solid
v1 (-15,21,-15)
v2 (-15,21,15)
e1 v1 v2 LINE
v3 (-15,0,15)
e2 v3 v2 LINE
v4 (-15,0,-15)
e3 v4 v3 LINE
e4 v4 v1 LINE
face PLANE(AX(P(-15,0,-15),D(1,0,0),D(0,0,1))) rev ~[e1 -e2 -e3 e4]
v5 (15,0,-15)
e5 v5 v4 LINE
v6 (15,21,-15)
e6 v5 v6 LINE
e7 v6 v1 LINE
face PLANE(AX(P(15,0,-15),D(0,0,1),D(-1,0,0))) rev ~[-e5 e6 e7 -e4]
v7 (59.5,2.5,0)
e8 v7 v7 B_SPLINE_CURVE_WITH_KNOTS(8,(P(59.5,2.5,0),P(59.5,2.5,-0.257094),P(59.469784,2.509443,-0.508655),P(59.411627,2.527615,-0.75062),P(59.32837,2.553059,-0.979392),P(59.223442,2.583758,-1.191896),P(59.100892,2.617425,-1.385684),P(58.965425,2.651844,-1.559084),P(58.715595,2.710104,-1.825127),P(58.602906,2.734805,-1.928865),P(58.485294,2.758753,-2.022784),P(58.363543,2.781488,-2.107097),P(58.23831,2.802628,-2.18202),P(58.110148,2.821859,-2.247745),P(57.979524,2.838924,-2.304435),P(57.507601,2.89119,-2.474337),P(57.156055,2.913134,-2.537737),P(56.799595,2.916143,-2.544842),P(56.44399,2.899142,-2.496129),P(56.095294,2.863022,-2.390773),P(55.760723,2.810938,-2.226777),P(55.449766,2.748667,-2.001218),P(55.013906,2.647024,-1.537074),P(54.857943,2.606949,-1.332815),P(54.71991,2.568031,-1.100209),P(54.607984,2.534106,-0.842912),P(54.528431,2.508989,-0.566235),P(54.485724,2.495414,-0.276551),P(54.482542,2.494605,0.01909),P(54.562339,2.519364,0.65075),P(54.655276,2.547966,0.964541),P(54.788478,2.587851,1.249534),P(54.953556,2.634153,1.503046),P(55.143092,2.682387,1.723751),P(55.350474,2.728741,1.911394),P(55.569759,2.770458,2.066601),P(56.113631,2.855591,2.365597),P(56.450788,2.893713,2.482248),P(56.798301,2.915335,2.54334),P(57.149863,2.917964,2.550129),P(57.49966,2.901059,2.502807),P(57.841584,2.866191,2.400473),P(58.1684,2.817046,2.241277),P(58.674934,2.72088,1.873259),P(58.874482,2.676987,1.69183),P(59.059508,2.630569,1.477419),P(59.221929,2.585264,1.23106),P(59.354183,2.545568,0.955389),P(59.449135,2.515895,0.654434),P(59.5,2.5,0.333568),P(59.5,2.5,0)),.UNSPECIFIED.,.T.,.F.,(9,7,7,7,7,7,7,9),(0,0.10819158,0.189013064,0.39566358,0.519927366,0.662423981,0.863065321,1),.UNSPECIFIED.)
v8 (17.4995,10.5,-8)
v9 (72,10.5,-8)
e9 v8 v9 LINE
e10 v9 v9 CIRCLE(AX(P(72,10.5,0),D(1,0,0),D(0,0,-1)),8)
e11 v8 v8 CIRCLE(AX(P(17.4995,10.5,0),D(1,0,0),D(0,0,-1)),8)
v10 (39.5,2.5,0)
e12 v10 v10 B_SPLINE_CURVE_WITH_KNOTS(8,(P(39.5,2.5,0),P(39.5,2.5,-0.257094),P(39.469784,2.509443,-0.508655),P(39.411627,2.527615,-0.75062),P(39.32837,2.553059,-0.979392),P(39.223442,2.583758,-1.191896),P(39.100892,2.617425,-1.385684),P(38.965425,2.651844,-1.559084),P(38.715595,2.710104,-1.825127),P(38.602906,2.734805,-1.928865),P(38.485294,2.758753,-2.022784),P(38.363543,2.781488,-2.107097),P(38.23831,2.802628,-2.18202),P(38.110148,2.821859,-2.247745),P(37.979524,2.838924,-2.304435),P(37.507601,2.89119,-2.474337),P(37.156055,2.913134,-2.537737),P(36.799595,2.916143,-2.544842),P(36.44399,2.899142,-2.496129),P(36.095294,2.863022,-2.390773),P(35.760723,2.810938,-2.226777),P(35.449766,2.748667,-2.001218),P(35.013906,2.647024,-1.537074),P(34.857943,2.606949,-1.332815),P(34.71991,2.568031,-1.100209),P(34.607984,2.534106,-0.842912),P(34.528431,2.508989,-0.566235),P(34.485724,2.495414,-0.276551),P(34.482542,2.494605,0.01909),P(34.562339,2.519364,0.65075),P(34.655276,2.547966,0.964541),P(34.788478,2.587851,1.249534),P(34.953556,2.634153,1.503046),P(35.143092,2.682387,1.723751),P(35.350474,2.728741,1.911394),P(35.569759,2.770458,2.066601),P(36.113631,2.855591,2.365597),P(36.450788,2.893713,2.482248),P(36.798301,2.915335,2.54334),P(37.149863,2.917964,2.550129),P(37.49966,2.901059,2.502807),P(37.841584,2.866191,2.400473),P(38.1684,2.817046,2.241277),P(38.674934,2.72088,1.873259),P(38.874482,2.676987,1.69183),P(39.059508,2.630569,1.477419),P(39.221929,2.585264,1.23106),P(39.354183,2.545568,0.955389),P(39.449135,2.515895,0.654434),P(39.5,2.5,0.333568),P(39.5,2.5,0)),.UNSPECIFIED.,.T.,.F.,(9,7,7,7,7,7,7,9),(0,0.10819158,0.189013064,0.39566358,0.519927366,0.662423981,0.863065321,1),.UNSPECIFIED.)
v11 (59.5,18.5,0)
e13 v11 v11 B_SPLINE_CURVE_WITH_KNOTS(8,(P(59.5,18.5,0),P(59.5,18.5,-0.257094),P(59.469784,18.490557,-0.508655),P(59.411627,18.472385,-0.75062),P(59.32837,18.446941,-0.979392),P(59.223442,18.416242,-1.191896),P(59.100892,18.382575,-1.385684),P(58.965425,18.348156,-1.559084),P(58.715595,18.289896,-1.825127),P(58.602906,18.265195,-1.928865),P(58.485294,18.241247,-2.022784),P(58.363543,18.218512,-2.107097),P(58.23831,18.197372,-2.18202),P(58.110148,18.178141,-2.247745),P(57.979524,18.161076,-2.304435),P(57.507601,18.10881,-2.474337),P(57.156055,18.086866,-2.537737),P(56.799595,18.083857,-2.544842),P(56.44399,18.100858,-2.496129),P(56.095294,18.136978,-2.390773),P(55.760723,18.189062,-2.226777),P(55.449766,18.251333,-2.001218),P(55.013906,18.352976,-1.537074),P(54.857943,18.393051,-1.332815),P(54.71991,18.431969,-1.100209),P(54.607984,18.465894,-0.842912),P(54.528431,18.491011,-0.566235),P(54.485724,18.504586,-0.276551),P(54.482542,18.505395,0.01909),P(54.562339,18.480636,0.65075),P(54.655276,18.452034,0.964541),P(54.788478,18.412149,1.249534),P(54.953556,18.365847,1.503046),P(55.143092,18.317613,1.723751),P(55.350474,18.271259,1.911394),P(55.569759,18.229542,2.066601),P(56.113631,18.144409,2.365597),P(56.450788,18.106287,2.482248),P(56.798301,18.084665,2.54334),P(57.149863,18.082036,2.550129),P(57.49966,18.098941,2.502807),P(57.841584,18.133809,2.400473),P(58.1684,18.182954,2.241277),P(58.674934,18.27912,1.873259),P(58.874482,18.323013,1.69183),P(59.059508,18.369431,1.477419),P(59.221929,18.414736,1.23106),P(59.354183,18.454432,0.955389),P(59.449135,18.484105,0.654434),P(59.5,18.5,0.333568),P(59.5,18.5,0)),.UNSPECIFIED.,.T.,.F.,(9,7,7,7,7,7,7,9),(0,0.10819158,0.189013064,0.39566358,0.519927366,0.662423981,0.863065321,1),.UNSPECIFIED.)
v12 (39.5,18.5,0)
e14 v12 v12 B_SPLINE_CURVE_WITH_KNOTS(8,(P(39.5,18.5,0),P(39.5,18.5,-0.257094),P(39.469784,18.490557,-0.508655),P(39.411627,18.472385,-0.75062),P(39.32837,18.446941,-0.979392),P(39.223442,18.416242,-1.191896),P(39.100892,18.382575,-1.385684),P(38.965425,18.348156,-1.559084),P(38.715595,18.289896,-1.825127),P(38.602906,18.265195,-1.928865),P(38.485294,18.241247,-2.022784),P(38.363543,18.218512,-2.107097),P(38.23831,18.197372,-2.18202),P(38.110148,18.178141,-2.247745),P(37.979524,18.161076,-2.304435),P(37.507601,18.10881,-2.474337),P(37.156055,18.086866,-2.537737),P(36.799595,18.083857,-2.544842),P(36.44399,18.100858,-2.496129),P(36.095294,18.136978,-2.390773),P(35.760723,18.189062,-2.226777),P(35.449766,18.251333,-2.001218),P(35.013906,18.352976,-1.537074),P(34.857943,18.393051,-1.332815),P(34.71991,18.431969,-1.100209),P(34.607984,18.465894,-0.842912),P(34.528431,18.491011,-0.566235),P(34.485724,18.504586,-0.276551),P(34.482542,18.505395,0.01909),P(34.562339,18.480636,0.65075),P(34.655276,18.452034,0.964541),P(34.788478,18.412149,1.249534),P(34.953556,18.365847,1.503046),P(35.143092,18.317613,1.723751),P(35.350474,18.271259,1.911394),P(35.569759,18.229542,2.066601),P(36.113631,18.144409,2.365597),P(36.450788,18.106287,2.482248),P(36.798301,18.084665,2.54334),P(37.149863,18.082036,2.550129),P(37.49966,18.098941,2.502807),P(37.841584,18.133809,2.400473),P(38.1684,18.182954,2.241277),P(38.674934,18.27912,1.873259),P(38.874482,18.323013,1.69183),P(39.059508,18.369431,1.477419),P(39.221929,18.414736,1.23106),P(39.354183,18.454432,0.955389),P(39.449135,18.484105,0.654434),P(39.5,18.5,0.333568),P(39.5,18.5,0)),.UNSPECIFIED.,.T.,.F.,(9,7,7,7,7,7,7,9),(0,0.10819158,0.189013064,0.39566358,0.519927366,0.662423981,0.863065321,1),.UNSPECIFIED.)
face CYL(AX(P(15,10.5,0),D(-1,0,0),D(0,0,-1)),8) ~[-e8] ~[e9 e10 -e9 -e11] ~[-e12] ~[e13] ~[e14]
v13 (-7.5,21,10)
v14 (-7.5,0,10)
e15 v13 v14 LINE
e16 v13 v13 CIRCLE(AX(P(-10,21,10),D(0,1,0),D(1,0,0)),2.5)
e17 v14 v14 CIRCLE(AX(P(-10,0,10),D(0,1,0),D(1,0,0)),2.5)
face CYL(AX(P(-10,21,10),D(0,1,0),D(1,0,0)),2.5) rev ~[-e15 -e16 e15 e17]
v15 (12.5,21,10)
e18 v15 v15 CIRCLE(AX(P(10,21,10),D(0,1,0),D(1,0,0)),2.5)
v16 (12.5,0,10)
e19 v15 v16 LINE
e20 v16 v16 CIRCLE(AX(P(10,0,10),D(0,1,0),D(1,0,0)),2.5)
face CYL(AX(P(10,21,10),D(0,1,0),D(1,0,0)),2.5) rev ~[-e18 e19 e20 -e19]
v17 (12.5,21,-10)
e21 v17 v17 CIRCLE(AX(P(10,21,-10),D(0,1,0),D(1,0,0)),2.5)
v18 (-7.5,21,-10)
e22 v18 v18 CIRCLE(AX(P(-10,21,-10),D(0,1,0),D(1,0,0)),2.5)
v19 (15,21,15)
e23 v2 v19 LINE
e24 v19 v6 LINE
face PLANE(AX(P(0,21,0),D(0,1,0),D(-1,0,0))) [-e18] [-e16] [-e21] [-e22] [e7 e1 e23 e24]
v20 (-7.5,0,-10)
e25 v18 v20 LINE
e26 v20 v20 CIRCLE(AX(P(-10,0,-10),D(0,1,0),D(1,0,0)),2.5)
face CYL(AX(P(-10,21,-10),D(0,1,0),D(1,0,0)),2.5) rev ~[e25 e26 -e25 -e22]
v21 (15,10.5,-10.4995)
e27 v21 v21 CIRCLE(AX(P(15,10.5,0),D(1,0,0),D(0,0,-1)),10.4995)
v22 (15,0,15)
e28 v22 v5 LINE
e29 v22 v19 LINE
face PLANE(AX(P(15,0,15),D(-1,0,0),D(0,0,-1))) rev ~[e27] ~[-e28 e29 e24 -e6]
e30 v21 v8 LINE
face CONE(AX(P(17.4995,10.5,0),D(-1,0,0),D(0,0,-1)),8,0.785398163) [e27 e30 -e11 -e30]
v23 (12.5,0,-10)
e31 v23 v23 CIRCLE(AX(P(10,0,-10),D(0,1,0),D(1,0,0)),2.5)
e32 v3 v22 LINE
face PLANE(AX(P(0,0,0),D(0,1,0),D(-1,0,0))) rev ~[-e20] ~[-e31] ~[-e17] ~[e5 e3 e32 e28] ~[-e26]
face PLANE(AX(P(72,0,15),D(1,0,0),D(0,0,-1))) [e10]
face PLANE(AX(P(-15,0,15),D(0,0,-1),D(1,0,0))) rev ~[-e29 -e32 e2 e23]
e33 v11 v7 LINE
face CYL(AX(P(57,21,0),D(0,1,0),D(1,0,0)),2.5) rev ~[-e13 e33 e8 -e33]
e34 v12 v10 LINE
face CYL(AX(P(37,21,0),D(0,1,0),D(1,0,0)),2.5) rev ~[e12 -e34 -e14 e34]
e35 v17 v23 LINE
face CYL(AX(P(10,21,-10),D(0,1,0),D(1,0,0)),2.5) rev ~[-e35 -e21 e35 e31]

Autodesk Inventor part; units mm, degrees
ref_plane "YZ Plane" through (0, 0, 0) normal (1, 0, 0) x (0, 1, 0)
ref_plane "XZ Plane" through (0, 0, 0) normal (0, 1, 0) x (-1, 0, 0)
ref_plane "XY Plane" through (0, 0, 0) normal (0, 0, 1) x (1, 0, 0)
sketch "Sketch1" plane through (0, 0, 0) normal (0, 1, 0) x (-1, 0, 0)
  line L0 (-15, -15) -> (15, -15)
  line L1 (15, -15) -> (15, 15)
  line L2 (15, 15) -> (-15, 15)
  line L3 (-15, 15) -> (-15, -15)
  line L4 (-15, -15) -> (15, 15) construction
  line L5 (15, -15) -> (-15, 15) construction
  point P0 (0, 0)
  dimension "d0" = 30
  dimension "d1" = 30
extrude "Extrusion1" add sketch "Sketch1" along normal blind 21
sketch "Sketch2" plane through (15, 0, 15) normal (1, 0, 0) x (0, 0, -1)
  circle A0 centre (15, 10.5) radius 8
  line L0 (0, 21) -> (30, 21) projected
  point P0 (15, 0)
  point P1 (15, 21)
  dimension "d4" = 16
  dimension "d29" = 10.5
extrude "Extrusion2" add sketch "Sketch2" along normal blind 57
sketch "Sketch3" plane through (0, 21, 0) normal (0, 1, 0) x (1, 0, 0)
  circle A0 centre (37, 0) radius 2.5
  circle A1 centre (57, 0) radius 2.5
  line L0 (15, -15) -> (15, 15) projected
  line L1 (72, -8) -> (72, 8) projected
  circle A2 centre (10, -10) radius 2.5
  line L2 (1.0234, -33.583) -> (-6.5136, -33.583)
  line L3 (-6.5136, -33.583) -> (-6.5136, -27.1544)
  circle A3 centre (-10, -10) radius 2.5
  circle A4 centre (10, 10) radius 2.5
  circle A5 centre (-10, 10) radius 2.5
  line L4 (-15, -15) -> (15, -15) projected
  line L5 (-15, 15) -> (-15, -15) projected
  point P0 (0, 0)
  point P1 (15, 0)
  point P2 (72, 0)
  dimension "d7" = 5
  dimension "d8" = 5
  dimension "d9" = 22
  dimension "d10" = 20
  dimension "d12" = 5
  dimension "d15" = 20
  dimension "d18" = 20
  dimension "d21" = 5
  dimension "d22" = 5
  dimension "d28" = 15
chamfer "Chamfer1" distance 2.5 angle 45 1 edges at (15, 10.5, 8)
extrude "Extrusion4" cut sketch "Sketch3" against normal through all contours A2 | A3 | A4 | A5
extrude "Extrusion5" cut sketch "Sketch3" against normal through all contours A0 | A1
properties part number "RodConnector_3DPrint"
